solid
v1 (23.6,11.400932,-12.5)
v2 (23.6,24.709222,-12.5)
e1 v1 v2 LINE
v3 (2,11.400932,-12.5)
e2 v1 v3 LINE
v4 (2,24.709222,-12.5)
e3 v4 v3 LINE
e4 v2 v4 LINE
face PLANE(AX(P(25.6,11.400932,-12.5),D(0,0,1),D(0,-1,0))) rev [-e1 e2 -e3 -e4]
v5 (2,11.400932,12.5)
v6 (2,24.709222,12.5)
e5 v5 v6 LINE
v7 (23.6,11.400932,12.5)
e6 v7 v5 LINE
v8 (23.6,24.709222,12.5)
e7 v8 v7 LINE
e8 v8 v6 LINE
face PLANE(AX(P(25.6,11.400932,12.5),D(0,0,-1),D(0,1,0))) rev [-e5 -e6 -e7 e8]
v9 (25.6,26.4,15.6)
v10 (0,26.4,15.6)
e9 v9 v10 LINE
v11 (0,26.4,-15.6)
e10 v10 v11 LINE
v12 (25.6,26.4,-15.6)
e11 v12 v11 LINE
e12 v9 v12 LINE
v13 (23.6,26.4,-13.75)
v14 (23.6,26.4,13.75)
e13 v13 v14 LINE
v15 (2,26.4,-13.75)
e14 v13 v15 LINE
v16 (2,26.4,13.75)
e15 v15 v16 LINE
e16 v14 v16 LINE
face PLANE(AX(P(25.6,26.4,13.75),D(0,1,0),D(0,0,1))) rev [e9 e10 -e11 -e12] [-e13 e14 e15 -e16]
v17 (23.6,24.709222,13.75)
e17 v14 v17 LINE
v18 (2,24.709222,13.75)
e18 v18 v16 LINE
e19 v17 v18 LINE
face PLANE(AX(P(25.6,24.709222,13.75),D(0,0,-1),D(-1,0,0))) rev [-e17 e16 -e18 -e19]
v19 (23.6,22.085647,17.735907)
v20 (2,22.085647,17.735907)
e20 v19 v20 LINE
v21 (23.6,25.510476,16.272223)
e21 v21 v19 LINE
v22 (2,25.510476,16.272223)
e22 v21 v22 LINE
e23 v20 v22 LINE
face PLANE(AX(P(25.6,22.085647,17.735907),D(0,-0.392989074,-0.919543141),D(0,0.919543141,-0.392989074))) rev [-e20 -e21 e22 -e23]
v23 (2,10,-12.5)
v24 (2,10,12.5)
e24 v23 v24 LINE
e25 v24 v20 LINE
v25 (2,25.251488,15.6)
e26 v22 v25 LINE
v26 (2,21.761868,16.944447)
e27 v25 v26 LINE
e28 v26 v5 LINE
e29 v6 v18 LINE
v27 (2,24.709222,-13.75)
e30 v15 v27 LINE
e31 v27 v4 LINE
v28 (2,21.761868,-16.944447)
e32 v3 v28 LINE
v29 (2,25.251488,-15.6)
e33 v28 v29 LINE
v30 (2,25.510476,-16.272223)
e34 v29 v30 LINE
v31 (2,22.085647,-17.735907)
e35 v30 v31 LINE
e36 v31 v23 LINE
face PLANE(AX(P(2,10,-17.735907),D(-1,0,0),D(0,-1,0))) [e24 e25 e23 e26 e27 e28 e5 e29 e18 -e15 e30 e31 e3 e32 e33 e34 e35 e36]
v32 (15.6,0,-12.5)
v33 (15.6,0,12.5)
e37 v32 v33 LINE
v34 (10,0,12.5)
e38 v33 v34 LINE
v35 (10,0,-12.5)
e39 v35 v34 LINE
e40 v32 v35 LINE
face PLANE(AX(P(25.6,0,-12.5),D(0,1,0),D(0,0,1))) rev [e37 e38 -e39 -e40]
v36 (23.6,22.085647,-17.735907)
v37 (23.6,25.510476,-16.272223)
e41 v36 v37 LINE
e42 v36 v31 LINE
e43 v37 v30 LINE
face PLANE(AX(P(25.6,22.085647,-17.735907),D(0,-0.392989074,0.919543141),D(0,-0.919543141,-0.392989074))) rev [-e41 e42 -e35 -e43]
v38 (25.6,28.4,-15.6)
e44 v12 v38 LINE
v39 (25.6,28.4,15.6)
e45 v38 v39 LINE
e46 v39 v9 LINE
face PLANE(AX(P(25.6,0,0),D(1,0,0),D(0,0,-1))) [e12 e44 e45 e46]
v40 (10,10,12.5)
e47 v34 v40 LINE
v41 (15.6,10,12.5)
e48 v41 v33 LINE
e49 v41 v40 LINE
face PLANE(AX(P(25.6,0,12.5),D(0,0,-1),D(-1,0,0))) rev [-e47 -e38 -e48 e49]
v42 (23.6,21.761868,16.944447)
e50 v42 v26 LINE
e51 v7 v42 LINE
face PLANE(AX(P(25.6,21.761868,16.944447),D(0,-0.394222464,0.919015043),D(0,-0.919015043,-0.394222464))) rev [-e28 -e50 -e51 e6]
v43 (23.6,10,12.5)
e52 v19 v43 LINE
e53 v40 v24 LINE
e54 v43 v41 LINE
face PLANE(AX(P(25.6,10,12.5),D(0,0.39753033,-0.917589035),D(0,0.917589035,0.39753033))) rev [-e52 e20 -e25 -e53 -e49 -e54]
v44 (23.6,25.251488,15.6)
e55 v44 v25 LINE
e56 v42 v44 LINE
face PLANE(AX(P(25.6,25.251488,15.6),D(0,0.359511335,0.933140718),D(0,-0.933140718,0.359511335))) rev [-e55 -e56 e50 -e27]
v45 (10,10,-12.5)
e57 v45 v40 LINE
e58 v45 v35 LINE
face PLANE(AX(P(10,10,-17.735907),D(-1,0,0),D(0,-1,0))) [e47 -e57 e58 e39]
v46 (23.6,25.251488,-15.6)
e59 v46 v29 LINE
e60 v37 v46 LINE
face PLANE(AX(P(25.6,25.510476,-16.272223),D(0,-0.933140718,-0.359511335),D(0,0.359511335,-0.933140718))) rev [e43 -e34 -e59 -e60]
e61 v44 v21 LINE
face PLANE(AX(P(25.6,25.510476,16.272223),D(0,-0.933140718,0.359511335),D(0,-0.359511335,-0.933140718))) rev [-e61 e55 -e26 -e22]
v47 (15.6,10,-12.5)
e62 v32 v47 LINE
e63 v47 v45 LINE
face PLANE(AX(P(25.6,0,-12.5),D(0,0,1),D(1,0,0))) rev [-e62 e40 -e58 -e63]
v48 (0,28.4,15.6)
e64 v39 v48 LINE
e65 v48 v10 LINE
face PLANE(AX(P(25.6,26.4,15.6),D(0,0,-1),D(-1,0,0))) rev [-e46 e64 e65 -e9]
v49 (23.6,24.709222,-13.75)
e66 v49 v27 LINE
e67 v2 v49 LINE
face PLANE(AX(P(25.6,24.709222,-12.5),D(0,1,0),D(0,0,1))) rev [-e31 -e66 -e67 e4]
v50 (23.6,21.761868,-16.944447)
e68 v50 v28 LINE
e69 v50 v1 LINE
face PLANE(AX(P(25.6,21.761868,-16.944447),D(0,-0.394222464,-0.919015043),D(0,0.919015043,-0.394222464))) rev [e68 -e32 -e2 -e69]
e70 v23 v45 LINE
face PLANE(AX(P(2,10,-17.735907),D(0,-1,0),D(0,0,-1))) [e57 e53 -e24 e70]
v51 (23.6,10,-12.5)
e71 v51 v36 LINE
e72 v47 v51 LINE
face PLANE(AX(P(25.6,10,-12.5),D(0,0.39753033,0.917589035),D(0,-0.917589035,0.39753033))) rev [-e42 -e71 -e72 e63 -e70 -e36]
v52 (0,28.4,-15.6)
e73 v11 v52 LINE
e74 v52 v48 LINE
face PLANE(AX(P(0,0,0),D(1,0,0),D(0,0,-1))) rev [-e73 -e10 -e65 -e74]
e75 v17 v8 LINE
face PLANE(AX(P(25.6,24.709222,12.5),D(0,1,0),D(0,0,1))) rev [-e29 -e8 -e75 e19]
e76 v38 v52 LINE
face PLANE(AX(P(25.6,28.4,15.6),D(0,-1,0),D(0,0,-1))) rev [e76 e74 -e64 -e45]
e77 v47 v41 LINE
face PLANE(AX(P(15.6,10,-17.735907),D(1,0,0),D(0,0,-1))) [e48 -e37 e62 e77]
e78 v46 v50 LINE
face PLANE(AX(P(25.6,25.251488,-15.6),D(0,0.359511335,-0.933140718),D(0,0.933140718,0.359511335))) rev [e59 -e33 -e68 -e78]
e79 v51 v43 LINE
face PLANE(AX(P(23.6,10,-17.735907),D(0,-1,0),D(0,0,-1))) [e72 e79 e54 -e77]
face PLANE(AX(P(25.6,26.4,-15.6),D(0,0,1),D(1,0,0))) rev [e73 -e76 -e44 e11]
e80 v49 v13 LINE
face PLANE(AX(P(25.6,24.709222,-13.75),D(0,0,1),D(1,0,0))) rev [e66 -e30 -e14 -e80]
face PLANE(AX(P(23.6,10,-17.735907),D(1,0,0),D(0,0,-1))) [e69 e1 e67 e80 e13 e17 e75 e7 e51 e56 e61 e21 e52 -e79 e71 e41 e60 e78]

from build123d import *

# Parameters (mm, degrees)
EXTRUDE_1_DEPTH          = 25.6
SKETCH_2_OUTSIDE_W       = 38.032
SKETCH_2_OUTSIDE_H       = 40.832
CUT_EXTRUDE_1_DEPTH      = 6.235907328
CUT_EXTRUDE_1_DEPTH_BACK = 31.235907328


with BuildPart() as part:
    # Эскиз1 → Бобышка-Вытянуть1 (new body)
    with BuildSketch(Plane(origin=(0, 0, 0), x_dir=(0, 0, -1), z_dir=(1, 0, 0))):
        Polygon((12.5, 0), (-12.5, 0), (-12.5, 10), (-17.735907328, 22.085646779), (-16.27222348, 25.510475942), (-15.6, 25.25148825), (-16.94444696, 21.761867538), (-12.5, 11.400931817), (-12.5, 24.709221845), (-13.75, 24.709221845), (-13.75, 26.4), (-15.6, 26.4), (-15.6, 28.4), (15.6, 28.4), (15.6, 26.4), (13.75, 26.4), (13.75, 24.709221845), (12.5, 24.709221845), (12.5, 11.400931817), (16.94444696, 21.761867538), (15.6, 25.25148825), (16.27222348, 25.510475942), (17.735907328, 22.085646779), (12.5, 10), align=None)
    extrude(amount=EXTRUDE_1_DEPTH)

    # Эскиз2 outside → Вырез-Вытянуть1 (cut, two sides)
    with BuildSketch(Plane.XY.offset(12.5)) as cut_extrude_1_sk:
        with Locations((12.8, 14.2)):
            Rectangle(SKETCH_2_OUTSIDE_W, SKETCH_2_OUTSIDE_H)
        Polygon((2, 10), (2, 26.4), (0, 26.4), (0, 28.4), (25.6, 28.4), (25.6, 26.4), (23.6, 26.4), (23.6, 10), (15.6, 10), (15.6, 0), (10, 0), (10, 10), align=None, mode=Mode.SUBTRACT)
    extrude(amount=CUT_EXTRUDE_1_DEPTH, mode=Mode.SUBTRACT)
    extrude(cut_extrude_1_sk.sketch, amount=-CUT_EXTRUDE_1_DEPTH_BACK, mode=Mode.SUBTRACT)


solid = part.part
